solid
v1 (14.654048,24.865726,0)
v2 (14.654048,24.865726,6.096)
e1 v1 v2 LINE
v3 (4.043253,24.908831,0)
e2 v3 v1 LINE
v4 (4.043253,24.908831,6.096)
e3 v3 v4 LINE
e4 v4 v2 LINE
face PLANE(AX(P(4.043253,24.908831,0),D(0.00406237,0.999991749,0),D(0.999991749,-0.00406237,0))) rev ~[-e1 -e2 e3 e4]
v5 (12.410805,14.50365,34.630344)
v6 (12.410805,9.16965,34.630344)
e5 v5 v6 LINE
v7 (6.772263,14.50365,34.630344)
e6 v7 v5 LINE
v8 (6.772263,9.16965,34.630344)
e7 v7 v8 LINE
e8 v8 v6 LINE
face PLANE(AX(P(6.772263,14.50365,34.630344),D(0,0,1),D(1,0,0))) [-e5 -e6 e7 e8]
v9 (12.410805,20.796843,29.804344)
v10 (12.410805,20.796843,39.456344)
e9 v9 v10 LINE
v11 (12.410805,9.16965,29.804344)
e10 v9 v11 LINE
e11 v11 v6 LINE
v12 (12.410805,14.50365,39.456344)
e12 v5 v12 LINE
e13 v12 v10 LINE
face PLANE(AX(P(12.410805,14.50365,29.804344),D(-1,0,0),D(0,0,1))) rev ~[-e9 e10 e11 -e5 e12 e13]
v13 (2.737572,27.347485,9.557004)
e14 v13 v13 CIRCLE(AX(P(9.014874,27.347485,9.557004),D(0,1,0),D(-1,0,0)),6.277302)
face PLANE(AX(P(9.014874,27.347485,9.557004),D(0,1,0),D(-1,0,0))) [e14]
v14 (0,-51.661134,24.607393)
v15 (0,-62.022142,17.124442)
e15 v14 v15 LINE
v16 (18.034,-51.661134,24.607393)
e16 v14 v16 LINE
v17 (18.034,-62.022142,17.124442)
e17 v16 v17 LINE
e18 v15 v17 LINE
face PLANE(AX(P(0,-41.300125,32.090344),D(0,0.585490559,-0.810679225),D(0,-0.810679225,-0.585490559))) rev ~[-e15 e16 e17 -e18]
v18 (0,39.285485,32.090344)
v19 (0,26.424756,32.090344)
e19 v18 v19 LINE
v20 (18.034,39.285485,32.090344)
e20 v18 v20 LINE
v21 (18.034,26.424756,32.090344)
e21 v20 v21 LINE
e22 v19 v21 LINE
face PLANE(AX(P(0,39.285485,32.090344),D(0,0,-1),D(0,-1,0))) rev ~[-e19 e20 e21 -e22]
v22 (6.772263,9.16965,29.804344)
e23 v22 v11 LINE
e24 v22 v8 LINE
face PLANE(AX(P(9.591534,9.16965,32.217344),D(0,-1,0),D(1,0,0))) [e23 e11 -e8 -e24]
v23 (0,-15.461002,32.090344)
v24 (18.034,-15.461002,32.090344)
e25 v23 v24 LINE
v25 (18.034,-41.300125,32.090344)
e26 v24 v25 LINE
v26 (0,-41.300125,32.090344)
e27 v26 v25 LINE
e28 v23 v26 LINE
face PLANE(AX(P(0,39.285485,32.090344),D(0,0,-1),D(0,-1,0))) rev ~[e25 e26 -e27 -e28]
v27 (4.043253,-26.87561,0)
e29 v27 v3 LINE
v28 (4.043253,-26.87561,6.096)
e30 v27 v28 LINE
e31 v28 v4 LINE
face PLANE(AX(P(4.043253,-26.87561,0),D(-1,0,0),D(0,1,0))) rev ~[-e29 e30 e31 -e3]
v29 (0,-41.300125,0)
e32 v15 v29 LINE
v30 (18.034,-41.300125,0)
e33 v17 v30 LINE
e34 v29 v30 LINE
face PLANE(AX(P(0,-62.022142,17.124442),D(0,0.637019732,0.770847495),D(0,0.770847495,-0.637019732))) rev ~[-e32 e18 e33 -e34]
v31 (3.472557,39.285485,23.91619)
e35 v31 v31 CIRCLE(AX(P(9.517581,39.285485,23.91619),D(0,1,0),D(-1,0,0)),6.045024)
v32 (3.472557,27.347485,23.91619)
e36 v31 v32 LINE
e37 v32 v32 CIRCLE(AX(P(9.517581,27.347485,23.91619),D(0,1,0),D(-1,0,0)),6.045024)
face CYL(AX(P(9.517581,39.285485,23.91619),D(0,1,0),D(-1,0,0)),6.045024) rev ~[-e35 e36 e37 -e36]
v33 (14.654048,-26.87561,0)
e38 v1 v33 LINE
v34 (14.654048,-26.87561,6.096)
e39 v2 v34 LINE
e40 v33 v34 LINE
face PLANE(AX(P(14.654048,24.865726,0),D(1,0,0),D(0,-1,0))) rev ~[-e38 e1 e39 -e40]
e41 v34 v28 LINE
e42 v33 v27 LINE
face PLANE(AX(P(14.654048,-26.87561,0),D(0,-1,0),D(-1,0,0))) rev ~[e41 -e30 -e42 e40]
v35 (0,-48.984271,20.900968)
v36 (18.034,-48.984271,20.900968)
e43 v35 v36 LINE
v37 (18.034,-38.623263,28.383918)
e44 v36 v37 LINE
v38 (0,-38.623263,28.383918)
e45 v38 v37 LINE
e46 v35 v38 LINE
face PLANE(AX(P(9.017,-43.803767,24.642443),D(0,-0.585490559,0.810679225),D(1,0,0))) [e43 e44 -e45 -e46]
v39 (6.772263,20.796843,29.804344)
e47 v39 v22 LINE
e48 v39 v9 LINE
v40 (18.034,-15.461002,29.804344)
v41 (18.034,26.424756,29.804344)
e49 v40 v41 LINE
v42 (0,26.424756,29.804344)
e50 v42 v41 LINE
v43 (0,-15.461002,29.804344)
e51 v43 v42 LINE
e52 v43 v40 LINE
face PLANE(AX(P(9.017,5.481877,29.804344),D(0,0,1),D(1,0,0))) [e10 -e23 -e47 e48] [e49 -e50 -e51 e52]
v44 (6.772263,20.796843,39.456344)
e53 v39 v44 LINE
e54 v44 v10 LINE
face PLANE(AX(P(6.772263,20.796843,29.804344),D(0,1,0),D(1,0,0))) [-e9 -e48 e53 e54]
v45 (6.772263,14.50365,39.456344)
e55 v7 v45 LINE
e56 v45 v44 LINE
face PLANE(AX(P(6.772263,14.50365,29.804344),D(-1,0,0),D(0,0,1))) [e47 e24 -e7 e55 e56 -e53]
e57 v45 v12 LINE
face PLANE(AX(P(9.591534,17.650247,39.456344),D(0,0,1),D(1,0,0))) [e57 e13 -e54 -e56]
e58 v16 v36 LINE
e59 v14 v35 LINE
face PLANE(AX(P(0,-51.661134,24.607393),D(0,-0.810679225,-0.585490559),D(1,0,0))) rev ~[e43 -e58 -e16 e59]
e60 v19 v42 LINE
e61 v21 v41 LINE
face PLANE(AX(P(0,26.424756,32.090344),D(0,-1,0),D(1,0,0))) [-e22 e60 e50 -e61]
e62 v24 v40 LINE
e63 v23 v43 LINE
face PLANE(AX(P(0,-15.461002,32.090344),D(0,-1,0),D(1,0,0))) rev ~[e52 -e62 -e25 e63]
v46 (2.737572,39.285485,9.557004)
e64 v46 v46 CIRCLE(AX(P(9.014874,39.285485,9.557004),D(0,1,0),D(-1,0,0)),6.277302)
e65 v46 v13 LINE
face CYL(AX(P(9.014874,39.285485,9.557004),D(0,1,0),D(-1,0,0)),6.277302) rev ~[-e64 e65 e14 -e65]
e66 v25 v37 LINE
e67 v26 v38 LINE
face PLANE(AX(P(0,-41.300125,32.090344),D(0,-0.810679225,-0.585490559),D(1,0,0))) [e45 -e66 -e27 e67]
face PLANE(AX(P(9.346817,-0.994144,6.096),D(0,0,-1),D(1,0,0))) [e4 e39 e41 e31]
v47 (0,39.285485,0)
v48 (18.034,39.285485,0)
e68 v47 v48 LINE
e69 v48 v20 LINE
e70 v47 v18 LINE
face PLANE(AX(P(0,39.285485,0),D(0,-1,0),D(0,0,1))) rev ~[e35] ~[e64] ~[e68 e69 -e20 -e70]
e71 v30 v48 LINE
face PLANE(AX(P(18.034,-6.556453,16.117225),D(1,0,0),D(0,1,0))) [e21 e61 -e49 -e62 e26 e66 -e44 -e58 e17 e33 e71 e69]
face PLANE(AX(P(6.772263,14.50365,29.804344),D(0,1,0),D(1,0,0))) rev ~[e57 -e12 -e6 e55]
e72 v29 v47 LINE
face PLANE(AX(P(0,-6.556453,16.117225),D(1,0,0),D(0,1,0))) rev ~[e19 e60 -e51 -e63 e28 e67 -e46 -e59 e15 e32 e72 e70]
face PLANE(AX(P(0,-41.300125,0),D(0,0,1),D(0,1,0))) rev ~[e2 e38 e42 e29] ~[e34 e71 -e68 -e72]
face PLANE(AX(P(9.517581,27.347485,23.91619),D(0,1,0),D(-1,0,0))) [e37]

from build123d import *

# Parameters (mm, degrees)
F1_DEPTH  = 18.034
F2_R      = 6.0450244322
F2_R_2    = 6.2773017577
F3_DEPTH  = 11.938
F4_W      = 18.034
F4_H      = 12.7806511284
F5_DEPTH  = 4.572
F7_DEPTH  = 6.096
F8_W      = 18.034
F8_H      = 41.8857587501
F9_DEPTH  = 2.286
F10_W     = 5.6385421194
F10_H     = 6.2931925058
F11_DEPTH = 9.652
F12_W     = 5.6385421194
F12_H     = 4.826
F13_DEPTH = 5.334


with BuildPart() as f1:
    # F0 (on Right) → F1 (new body)
    with BuildSketch(Plane.YZ):
        Polygon((39.2854847014, 32.0903435349), (-41.3001254201, 32.0903435349), (-62.0221421123, 17.1244423836), (-41.3001254201, 0), (39.2854847014, 0), align=None)
    extrude(amount=F1_DEPTH)

    # F2 (on face) → F3 (cut)
    with BuildSketch(Plane(origin=(0, 39.2854847014, 0), x_dir=(-1, 0, 0), z_dir=(0, 1, 0))):
        with Locations((-9.5175812021, 23.9161904901)):
            Circle(F2_R)
        with Locations((-9.0148737654, 9.5570040867)):
            Circle(F2_R_2)
    extrude(amount=-F3_DEPTH, mode=Mode.SUBTRACT)

    # F4 (on face) → F5 (cut)
    with BuildSketch(Plane(origin=(0, -29.3891718919, 40.6926989799), x_dir=(1, 0, 0), z_dir=(0, -0.5854905592, 0.8106792246))):
        with Locations((9.017, -21.0828860338)):
            Rectangle(F4_W, F4_H)
    extrude(amount=-F5_DEPTH, mode=Mode.SUBTRACT)

    # F6 (on face) → F7 (cut)
    with BuildSketch(Plane(origin=(0, 0, 0), x_dir=(1, 0, 0), z_dir=(0, 0, -1))):
        Polygon((4.0432531387, 26.875609532), (4.0432531387, -24.9088313431), (14.6540477872, -24.865726009), (14.6540477872, 26.875609532), align=None)
    extrude(amount=-F7_DEPTH, mode=Mode.SUBTRACT)

    # F8 (on face) → F9 (cut)
    with BuildSketch(Plane.XY.offset(32.0903435349)):
        with Locations((9.017, 5.4818768986)):
            Rectangle(F8_W, F8_H)
    extrude(amount=-F9_DEPTH, mode=Mode.SUBTRACT)

    # F10 (on face) → F11 (join)
    with BuildSketch(Plane.XY.offset(29.8043435349)):
        with Locations((9.5915335696, 17.6502466202)):
            Rectangle(F10_W, F10_H)
    extrude(amount=F11_DEPTH)

    # F12 (on face) → F13 (join)
    with BuildSketch(Plane.XZ.offset(-14.5036503673)):
        with Locations((9.5915335696, 32.2173435349)):
            Rectangle(F12_W, F12_H)
    extrude(amount=F13_DEPTH)


solid = f1.part
